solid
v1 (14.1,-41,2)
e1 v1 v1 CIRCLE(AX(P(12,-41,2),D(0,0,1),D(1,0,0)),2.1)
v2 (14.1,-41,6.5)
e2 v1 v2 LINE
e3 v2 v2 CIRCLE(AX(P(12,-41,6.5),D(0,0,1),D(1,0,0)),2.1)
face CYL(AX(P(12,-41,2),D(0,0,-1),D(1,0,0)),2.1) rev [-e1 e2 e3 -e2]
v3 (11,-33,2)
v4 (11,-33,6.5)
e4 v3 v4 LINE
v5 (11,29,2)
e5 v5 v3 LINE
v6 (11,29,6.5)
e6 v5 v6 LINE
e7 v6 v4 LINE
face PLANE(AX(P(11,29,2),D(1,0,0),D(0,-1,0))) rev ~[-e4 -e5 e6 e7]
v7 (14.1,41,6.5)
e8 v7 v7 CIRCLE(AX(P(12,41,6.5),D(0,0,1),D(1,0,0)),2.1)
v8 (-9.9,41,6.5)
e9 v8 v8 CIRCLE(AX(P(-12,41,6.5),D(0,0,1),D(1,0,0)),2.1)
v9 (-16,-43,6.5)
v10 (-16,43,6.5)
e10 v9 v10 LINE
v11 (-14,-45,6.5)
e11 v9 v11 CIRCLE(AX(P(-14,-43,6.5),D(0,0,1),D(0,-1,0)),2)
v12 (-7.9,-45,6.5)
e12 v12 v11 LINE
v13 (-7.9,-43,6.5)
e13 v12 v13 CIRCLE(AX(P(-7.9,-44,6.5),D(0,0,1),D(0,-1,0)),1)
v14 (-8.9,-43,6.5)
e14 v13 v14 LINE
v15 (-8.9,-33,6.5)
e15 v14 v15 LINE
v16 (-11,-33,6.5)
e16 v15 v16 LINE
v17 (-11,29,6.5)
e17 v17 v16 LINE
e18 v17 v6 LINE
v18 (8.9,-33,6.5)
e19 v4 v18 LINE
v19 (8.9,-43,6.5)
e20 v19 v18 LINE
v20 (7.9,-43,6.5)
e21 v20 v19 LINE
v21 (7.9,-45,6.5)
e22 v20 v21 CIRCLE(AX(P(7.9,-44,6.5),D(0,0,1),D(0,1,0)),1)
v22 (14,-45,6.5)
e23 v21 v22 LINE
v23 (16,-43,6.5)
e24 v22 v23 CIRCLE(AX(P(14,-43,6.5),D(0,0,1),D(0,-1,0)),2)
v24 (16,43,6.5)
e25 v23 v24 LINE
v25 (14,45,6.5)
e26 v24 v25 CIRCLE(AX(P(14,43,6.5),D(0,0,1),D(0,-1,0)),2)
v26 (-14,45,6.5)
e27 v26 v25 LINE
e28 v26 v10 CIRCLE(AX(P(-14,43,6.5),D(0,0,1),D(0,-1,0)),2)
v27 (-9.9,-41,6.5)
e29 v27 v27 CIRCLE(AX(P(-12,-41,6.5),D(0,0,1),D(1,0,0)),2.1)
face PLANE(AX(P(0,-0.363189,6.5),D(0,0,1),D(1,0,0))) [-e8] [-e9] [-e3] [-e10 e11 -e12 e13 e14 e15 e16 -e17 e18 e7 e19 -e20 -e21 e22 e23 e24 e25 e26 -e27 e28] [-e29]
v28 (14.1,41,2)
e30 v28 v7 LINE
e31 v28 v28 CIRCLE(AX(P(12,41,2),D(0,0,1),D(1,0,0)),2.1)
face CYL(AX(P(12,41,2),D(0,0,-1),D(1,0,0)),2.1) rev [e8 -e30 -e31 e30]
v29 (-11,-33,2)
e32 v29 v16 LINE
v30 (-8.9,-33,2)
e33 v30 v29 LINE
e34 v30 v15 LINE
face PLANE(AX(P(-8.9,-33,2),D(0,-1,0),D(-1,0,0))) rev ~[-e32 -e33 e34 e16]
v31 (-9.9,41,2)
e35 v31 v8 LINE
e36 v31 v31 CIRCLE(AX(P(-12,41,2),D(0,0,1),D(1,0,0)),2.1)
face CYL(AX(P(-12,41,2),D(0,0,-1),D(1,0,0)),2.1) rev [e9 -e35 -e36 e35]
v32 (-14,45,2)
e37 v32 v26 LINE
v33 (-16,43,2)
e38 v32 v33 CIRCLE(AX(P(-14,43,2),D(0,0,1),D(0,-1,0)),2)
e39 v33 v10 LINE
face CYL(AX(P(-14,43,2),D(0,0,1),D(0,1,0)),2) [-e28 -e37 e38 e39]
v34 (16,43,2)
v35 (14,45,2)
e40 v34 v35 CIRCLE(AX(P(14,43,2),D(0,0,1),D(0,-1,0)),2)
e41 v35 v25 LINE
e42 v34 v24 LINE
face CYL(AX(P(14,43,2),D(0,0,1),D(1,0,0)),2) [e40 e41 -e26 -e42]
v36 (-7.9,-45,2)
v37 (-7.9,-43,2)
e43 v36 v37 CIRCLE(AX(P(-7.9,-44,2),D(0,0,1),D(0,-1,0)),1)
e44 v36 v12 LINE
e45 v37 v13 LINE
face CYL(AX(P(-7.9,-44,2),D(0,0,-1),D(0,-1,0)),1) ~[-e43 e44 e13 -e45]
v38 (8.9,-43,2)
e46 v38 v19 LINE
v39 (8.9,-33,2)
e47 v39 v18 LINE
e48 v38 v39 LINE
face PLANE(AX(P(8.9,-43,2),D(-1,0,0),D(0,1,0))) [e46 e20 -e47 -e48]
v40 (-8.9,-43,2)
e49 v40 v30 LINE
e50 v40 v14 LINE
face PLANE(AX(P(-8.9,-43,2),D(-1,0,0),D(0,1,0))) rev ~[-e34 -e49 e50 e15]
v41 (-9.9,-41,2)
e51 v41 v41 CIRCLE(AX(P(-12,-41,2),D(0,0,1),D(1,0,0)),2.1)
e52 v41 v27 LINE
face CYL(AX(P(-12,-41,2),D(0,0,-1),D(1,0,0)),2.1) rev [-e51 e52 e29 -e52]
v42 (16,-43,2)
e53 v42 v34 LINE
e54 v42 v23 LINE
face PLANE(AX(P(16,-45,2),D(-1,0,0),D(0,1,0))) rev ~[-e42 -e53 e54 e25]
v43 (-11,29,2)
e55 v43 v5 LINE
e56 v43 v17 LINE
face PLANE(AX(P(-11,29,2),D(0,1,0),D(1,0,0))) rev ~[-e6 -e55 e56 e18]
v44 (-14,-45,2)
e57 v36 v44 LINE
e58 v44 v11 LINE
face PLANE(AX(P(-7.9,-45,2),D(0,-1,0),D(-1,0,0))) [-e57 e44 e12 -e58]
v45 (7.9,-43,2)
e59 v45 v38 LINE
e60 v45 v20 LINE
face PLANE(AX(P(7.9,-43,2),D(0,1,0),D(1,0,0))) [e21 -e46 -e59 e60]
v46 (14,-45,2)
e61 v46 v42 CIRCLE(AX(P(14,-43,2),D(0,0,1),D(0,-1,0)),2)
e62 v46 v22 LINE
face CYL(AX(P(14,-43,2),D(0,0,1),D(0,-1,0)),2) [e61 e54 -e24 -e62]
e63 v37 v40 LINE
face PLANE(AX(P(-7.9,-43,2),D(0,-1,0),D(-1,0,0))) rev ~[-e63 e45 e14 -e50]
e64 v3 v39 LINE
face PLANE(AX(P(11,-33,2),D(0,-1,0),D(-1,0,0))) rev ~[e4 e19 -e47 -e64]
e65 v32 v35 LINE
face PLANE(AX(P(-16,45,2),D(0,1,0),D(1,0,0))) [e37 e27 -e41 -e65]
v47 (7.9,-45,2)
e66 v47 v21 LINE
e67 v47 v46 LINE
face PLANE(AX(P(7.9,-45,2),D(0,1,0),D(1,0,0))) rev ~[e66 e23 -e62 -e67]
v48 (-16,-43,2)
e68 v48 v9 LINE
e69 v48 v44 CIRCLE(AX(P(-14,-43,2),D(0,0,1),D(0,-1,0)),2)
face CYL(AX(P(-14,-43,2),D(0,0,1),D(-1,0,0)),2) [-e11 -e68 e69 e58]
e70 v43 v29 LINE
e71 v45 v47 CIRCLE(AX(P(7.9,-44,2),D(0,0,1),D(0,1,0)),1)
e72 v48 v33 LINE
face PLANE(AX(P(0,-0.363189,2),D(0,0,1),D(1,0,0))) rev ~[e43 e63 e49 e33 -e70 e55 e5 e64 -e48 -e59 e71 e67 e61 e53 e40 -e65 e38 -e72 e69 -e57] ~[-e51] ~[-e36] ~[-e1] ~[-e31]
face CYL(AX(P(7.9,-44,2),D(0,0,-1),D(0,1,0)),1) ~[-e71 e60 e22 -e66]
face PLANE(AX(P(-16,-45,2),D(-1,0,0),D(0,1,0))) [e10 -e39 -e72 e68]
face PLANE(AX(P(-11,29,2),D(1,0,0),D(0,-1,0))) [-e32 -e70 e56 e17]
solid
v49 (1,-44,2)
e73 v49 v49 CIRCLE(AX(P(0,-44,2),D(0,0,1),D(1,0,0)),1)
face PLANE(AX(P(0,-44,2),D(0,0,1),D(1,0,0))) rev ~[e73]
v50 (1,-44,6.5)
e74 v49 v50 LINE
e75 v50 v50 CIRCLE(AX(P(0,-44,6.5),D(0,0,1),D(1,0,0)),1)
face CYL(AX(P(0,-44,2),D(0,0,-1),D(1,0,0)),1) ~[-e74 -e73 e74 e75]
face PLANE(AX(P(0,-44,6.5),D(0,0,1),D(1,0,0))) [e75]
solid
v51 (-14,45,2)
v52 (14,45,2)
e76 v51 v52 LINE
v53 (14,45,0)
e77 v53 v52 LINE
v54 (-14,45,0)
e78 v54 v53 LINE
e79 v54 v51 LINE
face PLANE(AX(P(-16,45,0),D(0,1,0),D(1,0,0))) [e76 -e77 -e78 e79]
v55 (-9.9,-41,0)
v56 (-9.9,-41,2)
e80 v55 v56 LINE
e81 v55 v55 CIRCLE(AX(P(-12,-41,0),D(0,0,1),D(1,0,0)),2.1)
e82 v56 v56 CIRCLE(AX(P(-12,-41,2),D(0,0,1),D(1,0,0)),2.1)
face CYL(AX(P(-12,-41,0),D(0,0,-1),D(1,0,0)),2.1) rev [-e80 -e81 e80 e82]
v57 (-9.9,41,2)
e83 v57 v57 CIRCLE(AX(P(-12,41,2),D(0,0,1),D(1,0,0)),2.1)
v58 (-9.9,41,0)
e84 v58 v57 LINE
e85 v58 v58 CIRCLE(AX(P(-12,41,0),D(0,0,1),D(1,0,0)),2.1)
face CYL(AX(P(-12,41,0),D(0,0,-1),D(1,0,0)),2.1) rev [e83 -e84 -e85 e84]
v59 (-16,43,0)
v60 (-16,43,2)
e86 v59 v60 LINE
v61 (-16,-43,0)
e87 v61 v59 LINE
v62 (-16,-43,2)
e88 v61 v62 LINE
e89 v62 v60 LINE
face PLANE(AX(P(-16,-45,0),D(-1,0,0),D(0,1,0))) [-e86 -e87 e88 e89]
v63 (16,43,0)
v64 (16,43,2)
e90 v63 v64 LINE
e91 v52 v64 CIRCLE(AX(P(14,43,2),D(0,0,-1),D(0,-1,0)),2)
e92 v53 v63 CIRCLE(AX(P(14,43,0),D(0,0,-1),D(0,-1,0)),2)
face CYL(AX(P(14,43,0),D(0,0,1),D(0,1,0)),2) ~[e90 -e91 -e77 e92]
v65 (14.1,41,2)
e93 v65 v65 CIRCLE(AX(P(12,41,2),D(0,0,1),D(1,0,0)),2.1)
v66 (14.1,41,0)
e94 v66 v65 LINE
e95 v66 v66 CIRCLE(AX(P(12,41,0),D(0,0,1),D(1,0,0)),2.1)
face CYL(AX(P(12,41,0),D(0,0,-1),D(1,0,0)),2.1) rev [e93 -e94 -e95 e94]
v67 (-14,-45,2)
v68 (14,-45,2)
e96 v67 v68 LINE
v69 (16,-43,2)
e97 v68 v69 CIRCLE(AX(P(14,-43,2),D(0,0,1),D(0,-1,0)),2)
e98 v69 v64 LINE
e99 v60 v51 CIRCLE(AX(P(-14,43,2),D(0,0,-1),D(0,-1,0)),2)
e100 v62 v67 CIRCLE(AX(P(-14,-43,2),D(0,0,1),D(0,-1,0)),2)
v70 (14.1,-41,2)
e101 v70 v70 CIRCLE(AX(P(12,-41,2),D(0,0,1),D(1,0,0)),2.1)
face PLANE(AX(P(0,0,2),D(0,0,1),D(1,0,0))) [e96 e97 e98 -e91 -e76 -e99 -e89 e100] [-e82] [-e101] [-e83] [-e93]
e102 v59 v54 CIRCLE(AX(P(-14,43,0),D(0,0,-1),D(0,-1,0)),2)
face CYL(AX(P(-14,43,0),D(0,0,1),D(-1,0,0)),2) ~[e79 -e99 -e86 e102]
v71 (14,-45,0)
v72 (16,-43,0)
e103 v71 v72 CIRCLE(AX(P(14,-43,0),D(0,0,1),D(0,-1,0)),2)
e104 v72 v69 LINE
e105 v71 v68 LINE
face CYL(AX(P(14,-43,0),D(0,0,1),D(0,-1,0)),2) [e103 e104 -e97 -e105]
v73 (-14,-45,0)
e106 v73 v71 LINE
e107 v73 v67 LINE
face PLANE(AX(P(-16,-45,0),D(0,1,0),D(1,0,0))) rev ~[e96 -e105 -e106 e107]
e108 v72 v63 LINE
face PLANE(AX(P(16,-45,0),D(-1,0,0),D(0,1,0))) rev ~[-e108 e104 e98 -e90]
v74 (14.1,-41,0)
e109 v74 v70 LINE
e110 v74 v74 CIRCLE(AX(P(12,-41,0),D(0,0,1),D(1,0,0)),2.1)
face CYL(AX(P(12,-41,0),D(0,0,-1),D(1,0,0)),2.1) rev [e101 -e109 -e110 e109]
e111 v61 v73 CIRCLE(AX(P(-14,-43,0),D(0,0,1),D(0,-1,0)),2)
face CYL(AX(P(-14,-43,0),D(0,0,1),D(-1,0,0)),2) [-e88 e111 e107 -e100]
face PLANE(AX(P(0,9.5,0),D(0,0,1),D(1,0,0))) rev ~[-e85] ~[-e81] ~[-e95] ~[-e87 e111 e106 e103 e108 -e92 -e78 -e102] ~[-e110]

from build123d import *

# Parameters (mm, degrees)
SKETCH001_R      = 1
SKETCH001_R_2    = 2.1
EXTRUDE001_DEPTH = 4.5
FILLET001_R      = 2
SKETCH002_W      = 16
SKETCH002_H      = 39
EXTRUDE002_DEPTH = 2
SKETCH_W         = 32
SKETCH_H         = 90
SKETCH_R         = 2.1
SKETCH_W_2       = 16
SKETCH_H_2       = 39
EXTRUDE_DEPTH    = 2
FILLET_R         = 2


with BuildPart() as fillet001:
    # Sketch001 (on Face14 of Extrude) → Extrude001 (new body)
    with BuildSketch(Plane.XY.offset(2)):
        with Locations((0, -44)):
            Circle(SKETCH001_R)
        with BuildLine():
            ThreePointArc((7.9, -43), (6.9, -44), (7.9, -45))
            Line((7.9, -45), (16, -45))
            Line((16, -45), (16, 45))
            Line((-16, 45), (16, 45))
            Line((-16, -45), (-16, 45))
            Line((-7.9, -45), (-16, -45))
            ThreePointArc((-7.9, -45), (-6.9, -44), (-7.9, -43))
            Line((-7.9, -43), (-8.9, -43))
            Line((-8.9, -43), (-8.9, -33))
            Line((-8.9, -33), (-11, -33))
            Line((-11, 29), (-11, -33))
            Line((-11, 29), (11, 29))
            Line((11, 29), (11, -33))
            Line((11, -33), (8.9, -33))
            Line((8.9, -43), (8.9, -33))
            Line((7.9, -43), (8.9, -43))
        make_face()
        with Locations((-12, -41)):
            Circle(SKETCH001_R_2, mode=Mode.SUBTRACT)
        with Locations((12, 41)):
            Circle(SKETCH001_R_2, mode=Mode.SUBTRACT)
        with Locations((12, -41)):
            Circle(SKETCH001_R_2, mode=Mode.SUBTRACT)
        with Locations((-12, 41)):
            Circle(SKETCH001_R_2, mode=Mode.SUBTRACT)
    extrude(amount=EXTRUDE001_DEPTH)

    # Fillet001
    fillet001_edges = [fillet001.edges().sort_by_distance(p)[0] for p in [
        (16, -45, 4.25),
        (16, 45, 4.25),
        (-16, 45, 4.25),
        (-16, -45, 4.25),
    ]]
    fillet(fillet001_edges, radius=FILLET001_R)


with BuildPart() as extrude002:
    # Sketch002 → Extrude002 (new body)
    with BuildSketch(Plane.XY):
        with Locations((0, 9.5)):
            Rectangle(SKETCH002_W, SKETCH002_H)
    extrude(amount=EXTRUDE002_DEPTH)


with BuildPart() as fusion:
    # Sketch → Extrude (new body)
    with BuildSketch(Plane.XY):
        Rectangle(SKETCH_W, SKETCH_H)
        with Locations((-12, 41)):
            Circle(SKETCH_R, mode=Mode.SUBTRACT)
        with Locations((12, 41)):
            Circle(SKETCH_R, mode=Mode.SUBTRACT)
        with Locations((-12, -41)):
            Circle(SKETCH_R, mode=Mode.SUBTRACT)
        with Locations((12, -41)):
            Circle(SKETCH_R, mode=Mode.SUBTRACT)
        with Locations((0, 9.5)):
            Rectangle(SKETCH_W_2, SKETCH_H_2, mode=Mode.SUBTRACT)
    extrude(amount=EXTRUDE_DEPTH)

    # Fillet
    fillet_edges = [fusion.edges().sort_by_distance(p)[0] for p in [
        (-16, 45, 1),
        (16, 45, 1),
        (16, -45, 1),
        (-16, -45, 1),
    ]]
    fillet(fillet_edges, radius=FILLET_R)

    # Fusion: union Extrude002
    add(extrude002.part)


solid = Compound([fillet001.part, fusion.part])
